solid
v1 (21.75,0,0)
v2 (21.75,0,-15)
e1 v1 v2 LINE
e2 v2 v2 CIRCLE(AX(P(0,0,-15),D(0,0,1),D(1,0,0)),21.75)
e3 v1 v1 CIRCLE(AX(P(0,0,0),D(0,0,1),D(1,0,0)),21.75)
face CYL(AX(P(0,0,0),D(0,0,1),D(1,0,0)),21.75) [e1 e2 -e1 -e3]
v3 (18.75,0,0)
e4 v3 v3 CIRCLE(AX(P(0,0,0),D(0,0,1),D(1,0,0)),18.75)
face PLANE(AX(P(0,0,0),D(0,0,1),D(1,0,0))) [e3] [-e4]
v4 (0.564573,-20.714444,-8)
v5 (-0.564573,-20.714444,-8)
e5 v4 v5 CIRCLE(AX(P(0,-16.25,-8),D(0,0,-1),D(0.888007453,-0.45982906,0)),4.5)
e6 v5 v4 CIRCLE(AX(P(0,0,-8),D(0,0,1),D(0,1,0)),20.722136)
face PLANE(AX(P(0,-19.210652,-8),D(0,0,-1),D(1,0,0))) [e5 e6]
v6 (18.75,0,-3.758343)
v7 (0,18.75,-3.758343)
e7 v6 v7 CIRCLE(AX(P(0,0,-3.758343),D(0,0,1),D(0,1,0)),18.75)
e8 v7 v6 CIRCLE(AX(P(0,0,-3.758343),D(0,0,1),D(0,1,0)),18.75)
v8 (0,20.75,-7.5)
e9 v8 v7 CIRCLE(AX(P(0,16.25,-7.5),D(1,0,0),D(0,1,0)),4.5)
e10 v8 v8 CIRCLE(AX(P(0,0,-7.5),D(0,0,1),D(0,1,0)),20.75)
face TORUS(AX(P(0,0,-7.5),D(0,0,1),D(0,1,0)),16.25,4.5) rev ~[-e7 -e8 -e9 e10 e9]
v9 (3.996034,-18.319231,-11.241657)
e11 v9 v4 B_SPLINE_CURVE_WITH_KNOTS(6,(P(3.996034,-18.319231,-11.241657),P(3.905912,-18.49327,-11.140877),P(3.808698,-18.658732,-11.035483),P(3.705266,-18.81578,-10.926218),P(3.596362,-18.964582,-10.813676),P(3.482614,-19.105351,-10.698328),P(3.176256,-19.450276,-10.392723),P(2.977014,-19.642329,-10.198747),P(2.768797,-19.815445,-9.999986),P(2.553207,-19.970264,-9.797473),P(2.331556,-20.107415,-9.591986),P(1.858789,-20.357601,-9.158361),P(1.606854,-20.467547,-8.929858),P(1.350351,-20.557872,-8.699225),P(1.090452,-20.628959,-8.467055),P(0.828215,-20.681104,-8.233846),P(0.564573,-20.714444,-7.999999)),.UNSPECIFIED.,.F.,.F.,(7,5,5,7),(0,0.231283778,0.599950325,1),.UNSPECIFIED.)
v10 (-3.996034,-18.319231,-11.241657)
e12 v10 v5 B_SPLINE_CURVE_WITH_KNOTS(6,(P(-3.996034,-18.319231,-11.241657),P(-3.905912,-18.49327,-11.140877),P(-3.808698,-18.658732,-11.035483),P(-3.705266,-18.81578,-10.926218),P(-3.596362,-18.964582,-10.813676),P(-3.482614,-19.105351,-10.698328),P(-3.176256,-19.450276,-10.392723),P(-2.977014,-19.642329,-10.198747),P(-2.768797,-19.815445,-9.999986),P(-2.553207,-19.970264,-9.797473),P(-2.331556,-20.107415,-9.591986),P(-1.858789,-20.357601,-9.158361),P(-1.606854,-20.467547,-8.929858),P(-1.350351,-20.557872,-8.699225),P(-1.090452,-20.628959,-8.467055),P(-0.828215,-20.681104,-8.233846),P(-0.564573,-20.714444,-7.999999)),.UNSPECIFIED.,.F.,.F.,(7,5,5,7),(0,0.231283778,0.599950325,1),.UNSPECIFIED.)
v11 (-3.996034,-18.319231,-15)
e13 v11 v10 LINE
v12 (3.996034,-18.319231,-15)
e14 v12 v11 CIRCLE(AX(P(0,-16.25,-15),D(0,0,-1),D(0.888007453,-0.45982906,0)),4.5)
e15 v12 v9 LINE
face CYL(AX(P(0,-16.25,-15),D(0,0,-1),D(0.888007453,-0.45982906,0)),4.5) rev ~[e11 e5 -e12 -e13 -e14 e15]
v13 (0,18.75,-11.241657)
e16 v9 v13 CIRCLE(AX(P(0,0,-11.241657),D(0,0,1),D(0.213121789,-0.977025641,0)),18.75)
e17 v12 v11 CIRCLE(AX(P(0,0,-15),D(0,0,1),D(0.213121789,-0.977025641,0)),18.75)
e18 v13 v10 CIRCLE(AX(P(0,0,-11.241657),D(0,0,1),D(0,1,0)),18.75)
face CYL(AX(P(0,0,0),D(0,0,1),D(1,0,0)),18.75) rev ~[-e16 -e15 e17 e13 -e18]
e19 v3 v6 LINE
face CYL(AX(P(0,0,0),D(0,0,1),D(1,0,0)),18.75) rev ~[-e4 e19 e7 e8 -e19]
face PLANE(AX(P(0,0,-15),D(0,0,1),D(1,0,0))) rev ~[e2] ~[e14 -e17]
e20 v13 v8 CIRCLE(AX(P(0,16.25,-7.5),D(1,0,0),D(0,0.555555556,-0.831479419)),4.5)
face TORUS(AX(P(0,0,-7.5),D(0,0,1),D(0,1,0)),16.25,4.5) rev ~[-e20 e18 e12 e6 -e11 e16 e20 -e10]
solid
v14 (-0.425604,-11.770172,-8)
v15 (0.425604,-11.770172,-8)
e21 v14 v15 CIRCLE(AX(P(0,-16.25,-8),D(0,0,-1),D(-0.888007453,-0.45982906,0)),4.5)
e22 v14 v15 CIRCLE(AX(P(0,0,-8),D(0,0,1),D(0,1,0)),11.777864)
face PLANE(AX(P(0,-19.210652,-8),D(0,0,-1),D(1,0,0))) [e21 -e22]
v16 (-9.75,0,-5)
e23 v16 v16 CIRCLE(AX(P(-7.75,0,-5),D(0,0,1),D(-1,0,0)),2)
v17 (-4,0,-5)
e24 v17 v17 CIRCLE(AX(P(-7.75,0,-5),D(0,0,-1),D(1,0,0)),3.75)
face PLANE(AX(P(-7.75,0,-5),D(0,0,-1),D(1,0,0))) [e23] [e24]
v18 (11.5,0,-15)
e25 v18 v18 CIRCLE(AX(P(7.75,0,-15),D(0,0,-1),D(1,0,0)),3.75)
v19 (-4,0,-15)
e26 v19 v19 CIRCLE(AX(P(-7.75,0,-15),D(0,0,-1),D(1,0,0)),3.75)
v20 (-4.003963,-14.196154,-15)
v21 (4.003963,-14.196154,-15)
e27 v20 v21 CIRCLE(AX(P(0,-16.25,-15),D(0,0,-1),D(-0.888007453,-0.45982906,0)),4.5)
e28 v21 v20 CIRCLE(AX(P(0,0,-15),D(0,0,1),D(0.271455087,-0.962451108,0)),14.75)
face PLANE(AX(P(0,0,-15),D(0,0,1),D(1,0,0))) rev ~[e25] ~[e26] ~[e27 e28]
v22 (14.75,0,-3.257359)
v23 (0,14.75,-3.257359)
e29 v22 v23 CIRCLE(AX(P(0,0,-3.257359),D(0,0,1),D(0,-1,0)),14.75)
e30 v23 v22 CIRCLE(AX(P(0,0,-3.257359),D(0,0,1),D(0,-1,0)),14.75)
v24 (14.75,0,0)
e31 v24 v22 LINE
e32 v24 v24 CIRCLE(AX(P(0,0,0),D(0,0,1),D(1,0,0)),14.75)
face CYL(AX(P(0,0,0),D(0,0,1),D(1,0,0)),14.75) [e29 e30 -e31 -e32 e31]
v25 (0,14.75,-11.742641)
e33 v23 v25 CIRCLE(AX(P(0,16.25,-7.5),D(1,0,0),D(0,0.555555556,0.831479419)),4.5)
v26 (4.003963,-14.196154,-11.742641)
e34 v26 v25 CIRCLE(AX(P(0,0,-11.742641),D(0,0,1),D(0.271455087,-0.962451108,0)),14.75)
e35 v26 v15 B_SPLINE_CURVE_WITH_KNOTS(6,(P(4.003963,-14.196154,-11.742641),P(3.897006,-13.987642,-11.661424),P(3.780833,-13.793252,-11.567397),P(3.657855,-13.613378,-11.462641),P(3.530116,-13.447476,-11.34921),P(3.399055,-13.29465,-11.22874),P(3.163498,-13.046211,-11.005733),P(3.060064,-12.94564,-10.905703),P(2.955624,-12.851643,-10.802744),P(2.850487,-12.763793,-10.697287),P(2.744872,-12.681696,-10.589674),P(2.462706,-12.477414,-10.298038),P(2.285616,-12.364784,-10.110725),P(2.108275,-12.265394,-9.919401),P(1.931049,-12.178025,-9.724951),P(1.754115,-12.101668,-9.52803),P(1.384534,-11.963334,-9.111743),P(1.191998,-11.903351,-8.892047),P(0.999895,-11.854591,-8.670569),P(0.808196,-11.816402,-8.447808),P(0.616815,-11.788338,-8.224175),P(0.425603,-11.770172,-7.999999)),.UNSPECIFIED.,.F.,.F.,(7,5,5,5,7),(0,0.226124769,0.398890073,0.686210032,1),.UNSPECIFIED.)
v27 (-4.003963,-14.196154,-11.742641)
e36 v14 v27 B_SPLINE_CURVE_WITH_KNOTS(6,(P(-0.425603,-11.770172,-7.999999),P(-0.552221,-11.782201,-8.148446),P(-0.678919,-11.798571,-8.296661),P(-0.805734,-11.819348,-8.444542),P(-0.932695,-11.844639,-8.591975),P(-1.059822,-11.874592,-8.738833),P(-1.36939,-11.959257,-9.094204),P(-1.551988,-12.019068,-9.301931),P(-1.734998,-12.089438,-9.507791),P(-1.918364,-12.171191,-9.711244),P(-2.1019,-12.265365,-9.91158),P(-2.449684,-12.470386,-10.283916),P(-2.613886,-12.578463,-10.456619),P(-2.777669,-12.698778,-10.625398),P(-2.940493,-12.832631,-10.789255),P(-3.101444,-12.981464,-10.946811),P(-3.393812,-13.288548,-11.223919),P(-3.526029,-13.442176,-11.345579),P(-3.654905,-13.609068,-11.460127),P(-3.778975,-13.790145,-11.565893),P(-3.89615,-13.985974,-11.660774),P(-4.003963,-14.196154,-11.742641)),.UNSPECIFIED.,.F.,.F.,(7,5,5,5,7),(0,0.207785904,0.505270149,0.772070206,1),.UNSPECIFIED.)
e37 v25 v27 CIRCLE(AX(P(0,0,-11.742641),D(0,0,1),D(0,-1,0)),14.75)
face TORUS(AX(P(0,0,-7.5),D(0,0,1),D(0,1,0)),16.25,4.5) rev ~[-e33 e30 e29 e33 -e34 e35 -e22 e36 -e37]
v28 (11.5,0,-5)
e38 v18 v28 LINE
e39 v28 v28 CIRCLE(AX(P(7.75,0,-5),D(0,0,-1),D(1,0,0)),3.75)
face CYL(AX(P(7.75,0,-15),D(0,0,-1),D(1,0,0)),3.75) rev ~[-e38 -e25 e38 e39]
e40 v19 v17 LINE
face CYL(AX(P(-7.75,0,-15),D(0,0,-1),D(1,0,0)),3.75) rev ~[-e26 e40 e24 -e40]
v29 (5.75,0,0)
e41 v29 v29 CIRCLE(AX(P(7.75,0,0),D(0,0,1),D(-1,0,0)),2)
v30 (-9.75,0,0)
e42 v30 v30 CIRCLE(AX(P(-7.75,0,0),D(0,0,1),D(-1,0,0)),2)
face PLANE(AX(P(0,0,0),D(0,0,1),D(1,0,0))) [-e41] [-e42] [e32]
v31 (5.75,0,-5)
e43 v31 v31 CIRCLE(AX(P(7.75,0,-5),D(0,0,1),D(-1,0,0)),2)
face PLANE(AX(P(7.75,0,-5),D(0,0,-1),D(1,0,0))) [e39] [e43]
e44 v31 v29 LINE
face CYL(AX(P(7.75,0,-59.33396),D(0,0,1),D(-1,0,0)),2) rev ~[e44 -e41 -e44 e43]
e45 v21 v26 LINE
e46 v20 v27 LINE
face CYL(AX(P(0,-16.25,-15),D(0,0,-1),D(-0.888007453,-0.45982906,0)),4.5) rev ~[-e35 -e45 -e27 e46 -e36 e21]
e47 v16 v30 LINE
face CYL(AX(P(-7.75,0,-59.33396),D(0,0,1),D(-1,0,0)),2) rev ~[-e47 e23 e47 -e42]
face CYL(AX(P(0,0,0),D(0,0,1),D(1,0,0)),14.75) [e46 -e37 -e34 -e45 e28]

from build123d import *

# Parameters (mm, degrees)
F0_R      = 21.75
F0_R_2    = 18.75
F1_DEPTH  = 15
F0_R_3    = 14.75
F0_R_4    = 4
F9_DEPTH  = 7
F11_D     = 4
F10_R     = 3.75
F12_DEPTH = 10


with BuildPart() as f1:
    # F0 (on Top) → F1 (new body)
    with BuildSketch(Plane.XY):
        Circle(F0_R)
        Circle(F0_R_2, mode=Mode.SUBTRACT)
    extrude(amount=-F1_DEPTH)


with BuildPart() as f1b:
    # F0 (on Top) → F1, piece 2 (new body)
    with BuildSketch(Plane.XY):
        Circle(F0_R_3)
        Circle(F0_R_4, mode=Mode.SUBTRACT)
        Circle(F0_R_4)
    extrude(amount=-F1_DEPTH)


with BuildPart() as f6_tool:
    # F4 (on Right) → F6 (revolve)
    with BuildSketch(Plane.YZ):
        with BuildLine():
            Line((18.75, -11.2416573868), (18.75, -3.7583426132))
            ThreePointArc((18.75, -3.7583426132), (11.75, -7.5), (18.75, -11.2416573868))
        make_face()
        with BuildLine():
            ThreePointArc((18.75, -11.2416573868), (20.2186269666, -9.6213203436), (20.75, -7.5))
            ThreePointArc((20.75, -7.5), (20.2186269666, -5.3786796564), (18.75, -3.7583426132))
            Line((18.75, -3.7583426132), (18.75, -11.2416573868))
        make_face()
    revolve(axis=Axis((0, 0, 0), (0, 0, 1)))


with BuildPart() as f1_1:
    add(f1.part)

    # F6: cut by f6_tool
    add(f6_tool.part, mode=Mode.SUBTRACT)


with BuildPart() as f1b_1:
    add(f1b.part)

    # F6: cut by f6_tool
    add(f6_tool.part, mode=Mode.SUBTRACT)


with BuildPart() as f9_tool:
    # F8 (on face) → F9 (new body)
    with BuildSketch(Plane(origin=(0, 0, -15), x_dir=(1, 0, 0), z_dir=(0, 0, -1))):
        with BuildLine():
            ThreePointArc((-3.9960335364, 18.3192307692), (0, 18.75), (3.9960335364, 18.3192307692))
            ThreePointArc((3.9960335364, 18.3192307692), (0, 20.75), (-3.9960335364, 18.3192307692))
        make_face()
        with BuildLine():
            ThreePointArc((-3.9960335364, 18.3192307692), (-1.0648589311, 11.8778065623), (4.5, 16.25))
            ThreePointArc((4.5, 16.25), (4.3721934377, 17.3148589311), (3.9960335364, 18.3192307692))
            ThreePointArc((3.9960335364, 18.3192307692), (0, 18.75), (-3.9960335364, 18.3192307692))
        make_face()
    extrude(amount=-F9_DEPTH)


with BuildPart() as f1_2:
    add(f1_1.part)

    # F9: cut by f9_tool
    add(f9_tool.part, mode=Mode.SUBTRACT)


with BuildPart() as f1b_2:
    add(f1b_1.part)

    # F9: cut by f9_tool
    add(f9_tool.part, mode=Mode.SUBTRACT)

    # F11 (through all)
    with Locations(Plane(origin=(0, 0, -15), x_dir=(1, 0, 0), z_dir=(0, 0, -1))):
        with Locations((-7.75, 0), (7.75, 0)):
            Hole(F11_D / 2)

    # F10 (on face) → F12 (cut)
    with BuildSketch(Plane(origin=(0, 0, -15), x_dir=(1, 0, 0), z_dir=(0, 0, -1))):
        with Locations((-7.75, 0)):
            Circle(F10_R)
        with Locations((7.75, 0)):
            Circle(F10_R)
    extrude(amount=-F12_DEPTH, mode=Mode.SUBTRACT)


solid = Compound([f1_2.part, f1b_2.part])
